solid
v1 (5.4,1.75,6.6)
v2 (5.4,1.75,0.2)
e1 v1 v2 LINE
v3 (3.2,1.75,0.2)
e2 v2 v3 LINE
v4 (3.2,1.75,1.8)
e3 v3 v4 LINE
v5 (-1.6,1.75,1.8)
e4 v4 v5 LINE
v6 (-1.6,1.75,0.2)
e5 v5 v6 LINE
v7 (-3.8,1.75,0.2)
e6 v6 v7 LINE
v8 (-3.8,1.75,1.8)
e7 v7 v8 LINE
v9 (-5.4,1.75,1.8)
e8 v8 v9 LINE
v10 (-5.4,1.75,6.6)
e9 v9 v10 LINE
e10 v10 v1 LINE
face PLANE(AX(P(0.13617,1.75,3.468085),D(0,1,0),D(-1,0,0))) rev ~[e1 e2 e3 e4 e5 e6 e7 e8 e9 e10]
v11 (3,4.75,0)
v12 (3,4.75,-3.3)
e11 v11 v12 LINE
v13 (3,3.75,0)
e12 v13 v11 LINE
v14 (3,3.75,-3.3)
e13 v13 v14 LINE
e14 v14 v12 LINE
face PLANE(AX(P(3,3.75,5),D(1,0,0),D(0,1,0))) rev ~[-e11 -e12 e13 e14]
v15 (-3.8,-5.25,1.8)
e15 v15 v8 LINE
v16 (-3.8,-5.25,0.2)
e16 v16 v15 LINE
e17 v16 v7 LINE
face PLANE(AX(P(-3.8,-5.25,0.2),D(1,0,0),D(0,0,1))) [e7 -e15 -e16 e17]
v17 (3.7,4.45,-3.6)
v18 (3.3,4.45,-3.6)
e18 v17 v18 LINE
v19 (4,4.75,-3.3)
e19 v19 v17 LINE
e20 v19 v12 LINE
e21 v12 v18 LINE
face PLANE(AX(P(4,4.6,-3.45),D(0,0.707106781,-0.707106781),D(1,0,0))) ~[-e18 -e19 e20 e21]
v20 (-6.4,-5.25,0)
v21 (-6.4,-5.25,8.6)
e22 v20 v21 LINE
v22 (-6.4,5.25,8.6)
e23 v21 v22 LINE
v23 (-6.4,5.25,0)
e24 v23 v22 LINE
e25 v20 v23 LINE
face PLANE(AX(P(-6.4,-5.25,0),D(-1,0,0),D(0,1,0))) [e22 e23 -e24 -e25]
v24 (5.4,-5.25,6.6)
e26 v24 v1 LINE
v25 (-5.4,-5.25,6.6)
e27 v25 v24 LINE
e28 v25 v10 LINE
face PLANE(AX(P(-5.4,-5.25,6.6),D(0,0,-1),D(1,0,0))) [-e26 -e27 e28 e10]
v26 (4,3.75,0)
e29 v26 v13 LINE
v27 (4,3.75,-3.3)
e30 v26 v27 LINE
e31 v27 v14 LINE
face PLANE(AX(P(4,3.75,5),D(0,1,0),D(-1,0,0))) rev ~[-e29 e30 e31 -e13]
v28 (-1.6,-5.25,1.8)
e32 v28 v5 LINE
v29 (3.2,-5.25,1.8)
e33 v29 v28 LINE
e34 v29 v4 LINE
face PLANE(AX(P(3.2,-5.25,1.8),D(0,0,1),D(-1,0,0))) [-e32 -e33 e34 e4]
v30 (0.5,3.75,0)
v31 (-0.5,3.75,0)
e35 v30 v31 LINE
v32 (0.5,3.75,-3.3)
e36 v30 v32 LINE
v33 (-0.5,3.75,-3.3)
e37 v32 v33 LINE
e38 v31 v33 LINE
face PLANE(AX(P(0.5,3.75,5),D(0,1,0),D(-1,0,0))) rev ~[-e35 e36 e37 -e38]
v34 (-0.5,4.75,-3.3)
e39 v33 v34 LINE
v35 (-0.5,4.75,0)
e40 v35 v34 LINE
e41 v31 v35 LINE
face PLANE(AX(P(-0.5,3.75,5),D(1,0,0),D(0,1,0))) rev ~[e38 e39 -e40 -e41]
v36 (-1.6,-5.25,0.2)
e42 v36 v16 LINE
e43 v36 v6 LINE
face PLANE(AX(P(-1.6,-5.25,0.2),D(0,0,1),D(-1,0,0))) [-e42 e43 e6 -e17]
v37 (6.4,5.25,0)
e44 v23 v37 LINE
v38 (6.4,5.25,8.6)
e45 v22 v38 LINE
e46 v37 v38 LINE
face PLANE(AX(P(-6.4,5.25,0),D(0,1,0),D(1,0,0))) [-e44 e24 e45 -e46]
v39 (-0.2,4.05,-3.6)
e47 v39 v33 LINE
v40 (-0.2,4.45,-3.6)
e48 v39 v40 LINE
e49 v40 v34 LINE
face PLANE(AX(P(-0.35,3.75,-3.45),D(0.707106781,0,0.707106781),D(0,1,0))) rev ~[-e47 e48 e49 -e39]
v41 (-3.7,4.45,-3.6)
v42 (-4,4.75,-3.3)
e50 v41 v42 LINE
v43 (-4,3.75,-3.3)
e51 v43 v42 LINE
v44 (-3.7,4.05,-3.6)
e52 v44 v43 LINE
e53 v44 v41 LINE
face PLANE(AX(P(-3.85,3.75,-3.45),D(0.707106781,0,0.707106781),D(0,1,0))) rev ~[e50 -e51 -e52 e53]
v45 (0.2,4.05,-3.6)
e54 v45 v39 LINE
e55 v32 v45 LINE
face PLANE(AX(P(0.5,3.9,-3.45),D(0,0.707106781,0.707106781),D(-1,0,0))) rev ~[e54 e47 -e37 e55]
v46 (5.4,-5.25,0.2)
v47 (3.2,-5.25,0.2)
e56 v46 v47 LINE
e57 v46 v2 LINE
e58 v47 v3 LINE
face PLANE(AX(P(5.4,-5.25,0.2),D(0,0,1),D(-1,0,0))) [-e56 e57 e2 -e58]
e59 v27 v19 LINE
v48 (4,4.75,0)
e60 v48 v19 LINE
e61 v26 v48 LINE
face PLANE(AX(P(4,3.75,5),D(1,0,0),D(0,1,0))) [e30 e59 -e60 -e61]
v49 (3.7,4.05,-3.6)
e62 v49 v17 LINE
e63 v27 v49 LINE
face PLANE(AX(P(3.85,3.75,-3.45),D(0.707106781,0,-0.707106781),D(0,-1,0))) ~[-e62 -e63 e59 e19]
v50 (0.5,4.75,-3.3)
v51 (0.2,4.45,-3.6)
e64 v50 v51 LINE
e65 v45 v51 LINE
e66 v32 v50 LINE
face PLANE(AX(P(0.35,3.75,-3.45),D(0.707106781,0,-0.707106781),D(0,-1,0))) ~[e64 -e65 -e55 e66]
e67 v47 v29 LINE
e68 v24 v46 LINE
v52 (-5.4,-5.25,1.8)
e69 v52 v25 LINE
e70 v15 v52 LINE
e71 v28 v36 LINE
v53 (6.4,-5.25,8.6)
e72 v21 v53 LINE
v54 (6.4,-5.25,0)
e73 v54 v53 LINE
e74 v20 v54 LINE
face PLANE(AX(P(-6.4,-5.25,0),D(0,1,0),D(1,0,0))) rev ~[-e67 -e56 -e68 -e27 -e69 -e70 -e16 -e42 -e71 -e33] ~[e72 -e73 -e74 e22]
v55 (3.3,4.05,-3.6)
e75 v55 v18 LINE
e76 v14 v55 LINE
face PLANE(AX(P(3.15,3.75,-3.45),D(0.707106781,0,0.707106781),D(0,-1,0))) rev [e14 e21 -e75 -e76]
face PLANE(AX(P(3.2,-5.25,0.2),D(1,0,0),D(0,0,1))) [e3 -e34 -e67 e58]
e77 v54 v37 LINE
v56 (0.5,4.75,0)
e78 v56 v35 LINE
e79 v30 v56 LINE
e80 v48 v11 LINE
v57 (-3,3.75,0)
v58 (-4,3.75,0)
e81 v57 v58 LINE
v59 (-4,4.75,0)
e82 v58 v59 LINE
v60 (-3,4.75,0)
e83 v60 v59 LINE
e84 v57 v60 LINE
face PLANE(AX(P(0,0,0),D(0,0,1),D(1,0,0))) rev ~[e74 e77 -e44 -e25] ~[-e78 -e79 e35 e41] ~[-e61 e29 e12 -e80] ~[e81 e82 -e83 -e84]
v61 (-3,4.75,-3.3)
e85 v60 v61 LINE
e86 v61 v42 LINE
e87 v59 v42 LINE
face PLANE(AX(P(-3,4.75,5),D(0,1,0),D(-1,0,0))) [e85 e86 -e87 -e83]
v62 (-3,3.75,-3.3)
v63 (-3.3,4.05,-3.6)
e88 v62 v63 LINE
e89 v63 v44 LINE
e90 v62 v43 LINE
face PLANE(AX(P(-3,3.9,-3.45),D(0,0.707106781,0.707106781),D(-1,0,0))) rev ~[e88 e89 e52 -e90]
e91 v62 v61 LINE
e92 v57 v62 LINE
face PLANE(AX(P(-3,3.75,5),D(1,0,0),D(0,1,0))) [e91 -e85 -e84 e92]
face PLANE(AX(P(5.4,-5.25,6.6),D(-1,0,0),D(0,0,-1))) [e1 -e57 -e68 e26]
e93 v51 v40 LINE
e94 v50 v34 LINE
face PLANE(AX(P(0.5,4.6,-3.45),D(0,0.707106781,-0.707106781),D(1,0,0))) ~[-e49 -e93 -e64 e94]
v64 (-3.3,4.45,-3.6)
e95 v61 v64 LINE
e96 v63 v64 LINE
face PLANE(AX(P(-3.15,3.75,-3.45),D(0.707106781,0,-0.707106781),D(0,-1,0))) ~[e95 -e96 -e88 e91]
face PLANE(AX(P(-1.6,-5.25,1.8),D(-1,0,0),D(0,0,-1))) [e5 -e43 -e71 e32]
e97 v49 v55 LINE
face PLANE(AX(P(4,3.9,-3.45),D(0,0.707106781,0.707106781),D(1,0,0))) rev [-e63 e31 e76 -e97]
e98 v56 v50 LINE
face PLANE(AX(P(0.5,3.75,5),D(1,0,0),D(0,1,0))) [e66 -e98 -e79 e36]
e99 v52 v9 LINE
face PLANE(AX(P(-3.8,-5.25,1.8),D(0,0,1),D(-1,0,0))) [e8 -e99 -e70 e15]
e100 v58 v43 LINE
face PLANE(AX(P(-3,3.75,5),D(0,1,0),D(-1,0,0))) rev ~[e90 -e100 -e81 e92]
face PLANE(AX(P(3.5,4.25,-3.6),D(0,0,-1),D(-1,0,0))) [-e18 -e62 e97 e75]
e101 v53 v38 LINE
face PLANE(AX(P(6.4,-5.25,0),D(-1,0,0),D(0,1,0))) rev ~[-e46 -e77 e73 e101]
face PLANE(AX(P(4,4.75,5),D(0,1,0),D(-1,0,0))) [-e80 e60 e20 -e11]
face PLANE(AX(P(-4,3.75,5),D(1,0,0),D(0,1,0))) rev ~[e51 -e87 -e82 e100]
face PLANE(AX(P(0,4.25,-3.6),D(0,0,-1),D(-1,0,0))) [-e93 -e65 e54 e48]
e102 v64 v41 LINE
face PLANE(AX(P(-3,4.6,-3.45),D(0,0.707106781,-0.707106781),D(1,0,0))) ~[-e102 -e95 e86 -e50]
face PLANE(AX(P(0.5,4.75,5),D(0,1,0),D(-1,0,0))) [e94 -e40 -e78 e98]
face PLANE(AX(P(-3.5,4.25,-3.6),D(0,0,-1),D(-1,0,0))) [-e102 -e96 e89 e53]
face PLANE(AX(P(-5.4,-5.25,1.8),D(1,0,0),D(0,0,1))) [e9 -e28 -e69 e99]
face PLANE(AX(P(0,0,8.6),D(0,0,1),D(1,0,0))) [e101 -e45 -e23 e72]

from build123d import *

# Parameters (mm, degrees)
SKETCH_1_W                         = 12.8
SKETCH_1_H                         = 10.5
EXTRUDE_1_DEPTH                    = 8.6
CUT_EXTRUDE_1_DEPTH                = 7
EXTRUDE_START                      = -5
SKETCH_3_W                         = 1
SKETCH_3_H                         = 1
EXTRUDE_2_DEPTH                    = 8.6
CHAMFER_1_SIZE                     = 0.3
PATTERN_LINEAR_1_COUNT             = 3
PATTERN_LINEAR_1_PITCH             = 3.5
CHAMFER_1_OF_PATTERN_LINEAR_1_SIZE = 0.3


with BuildPart() as part:
    # Эскиз1 → Бобышка-Вытянуть1 (new body)
    with BuildSketch(Plane.XY):
        Rectangle(SKETCH_1_W, SKETCH_1_H)
    extrude(amount=EXTRUDE_1_DEPTH)

    # Эскиз2 → Вырез-Вытянуть1 (cut)
    with BuildSketch(Plane.XZ.offset(5.25)):
        Polygon((-5.4, 6.6), (5.4, 6.6), (5.4, 0.2), (3.2, 0.2), (3.2, 1.8), (-1.6, 1.8), (-1.6, 0.2), (-3.8, 0.2), (-3.8, 1.8), (-5.4, 1.8), align=None)
    extrude(amount=-CUT_EXTRUDE_1_DEPTH, mode=Mode.SUBTRACT)

    # Эскиз3 → Бобышка-Вытянуть2 (add)
    with BuildSketch(Plane(origin=(0, 0, 0), x_dir=(-1, 0, 0), z_dir=(0, 0, -1)).offset(EXTRUDE_START)):
        with Locations((3.5, 4.25)):
            Rectangle(SKETCH_3_W, SKETCH_3_H)
    extrude_2 = extrude(amount=EXTRUDE_2_DEPTH)

    # Фаска1
    chamfer_1_edges = [part.edges().sort_by_distance(p)[0] for p in [
        (-3, 4.25, -3.6),
        (-3.5, 3.75, -3.6),
        (-4, 4.25, -3.6),
        (-3.5, 4.75, -3.6),
    ]]
    chamfer(chamfer_1_edges, length=CHAMFER_1_SIZE)

    # Линейный массив1: Бобышка-Вытянуть2 ×3
    with Locations(*[(i * PATTERN_LINEAR_1_PITCH, 0, 0) for i in range(1, PATTERN_LINEAR_1_COUNT)]):
        add(extrude_2)

    # Фаска1 of Линейный массив1
    chamfer_1_of_pattern_linear_1_edges = [part.edges().sort_by_distance(p)[0] for p in [
        (0.5, 4.25, -3.6),
        (0, 3.75, -3.6),
        (-0.5, 4.25, -3.6),
        (0, 4.75, -3.6),
        (4, 4.25, -3.6),
        (3.5, 3.75, -3.6),
        (3, 4.25, -3.6),
        (3.5, 4.75, -3.6),
    ]]
    chamfer(chamfer_1_of_pattern_linear_1_edges, length=CHAMFER_1_OF_PATTERN_LINEAR_1_SIZE)


solid = part.part
